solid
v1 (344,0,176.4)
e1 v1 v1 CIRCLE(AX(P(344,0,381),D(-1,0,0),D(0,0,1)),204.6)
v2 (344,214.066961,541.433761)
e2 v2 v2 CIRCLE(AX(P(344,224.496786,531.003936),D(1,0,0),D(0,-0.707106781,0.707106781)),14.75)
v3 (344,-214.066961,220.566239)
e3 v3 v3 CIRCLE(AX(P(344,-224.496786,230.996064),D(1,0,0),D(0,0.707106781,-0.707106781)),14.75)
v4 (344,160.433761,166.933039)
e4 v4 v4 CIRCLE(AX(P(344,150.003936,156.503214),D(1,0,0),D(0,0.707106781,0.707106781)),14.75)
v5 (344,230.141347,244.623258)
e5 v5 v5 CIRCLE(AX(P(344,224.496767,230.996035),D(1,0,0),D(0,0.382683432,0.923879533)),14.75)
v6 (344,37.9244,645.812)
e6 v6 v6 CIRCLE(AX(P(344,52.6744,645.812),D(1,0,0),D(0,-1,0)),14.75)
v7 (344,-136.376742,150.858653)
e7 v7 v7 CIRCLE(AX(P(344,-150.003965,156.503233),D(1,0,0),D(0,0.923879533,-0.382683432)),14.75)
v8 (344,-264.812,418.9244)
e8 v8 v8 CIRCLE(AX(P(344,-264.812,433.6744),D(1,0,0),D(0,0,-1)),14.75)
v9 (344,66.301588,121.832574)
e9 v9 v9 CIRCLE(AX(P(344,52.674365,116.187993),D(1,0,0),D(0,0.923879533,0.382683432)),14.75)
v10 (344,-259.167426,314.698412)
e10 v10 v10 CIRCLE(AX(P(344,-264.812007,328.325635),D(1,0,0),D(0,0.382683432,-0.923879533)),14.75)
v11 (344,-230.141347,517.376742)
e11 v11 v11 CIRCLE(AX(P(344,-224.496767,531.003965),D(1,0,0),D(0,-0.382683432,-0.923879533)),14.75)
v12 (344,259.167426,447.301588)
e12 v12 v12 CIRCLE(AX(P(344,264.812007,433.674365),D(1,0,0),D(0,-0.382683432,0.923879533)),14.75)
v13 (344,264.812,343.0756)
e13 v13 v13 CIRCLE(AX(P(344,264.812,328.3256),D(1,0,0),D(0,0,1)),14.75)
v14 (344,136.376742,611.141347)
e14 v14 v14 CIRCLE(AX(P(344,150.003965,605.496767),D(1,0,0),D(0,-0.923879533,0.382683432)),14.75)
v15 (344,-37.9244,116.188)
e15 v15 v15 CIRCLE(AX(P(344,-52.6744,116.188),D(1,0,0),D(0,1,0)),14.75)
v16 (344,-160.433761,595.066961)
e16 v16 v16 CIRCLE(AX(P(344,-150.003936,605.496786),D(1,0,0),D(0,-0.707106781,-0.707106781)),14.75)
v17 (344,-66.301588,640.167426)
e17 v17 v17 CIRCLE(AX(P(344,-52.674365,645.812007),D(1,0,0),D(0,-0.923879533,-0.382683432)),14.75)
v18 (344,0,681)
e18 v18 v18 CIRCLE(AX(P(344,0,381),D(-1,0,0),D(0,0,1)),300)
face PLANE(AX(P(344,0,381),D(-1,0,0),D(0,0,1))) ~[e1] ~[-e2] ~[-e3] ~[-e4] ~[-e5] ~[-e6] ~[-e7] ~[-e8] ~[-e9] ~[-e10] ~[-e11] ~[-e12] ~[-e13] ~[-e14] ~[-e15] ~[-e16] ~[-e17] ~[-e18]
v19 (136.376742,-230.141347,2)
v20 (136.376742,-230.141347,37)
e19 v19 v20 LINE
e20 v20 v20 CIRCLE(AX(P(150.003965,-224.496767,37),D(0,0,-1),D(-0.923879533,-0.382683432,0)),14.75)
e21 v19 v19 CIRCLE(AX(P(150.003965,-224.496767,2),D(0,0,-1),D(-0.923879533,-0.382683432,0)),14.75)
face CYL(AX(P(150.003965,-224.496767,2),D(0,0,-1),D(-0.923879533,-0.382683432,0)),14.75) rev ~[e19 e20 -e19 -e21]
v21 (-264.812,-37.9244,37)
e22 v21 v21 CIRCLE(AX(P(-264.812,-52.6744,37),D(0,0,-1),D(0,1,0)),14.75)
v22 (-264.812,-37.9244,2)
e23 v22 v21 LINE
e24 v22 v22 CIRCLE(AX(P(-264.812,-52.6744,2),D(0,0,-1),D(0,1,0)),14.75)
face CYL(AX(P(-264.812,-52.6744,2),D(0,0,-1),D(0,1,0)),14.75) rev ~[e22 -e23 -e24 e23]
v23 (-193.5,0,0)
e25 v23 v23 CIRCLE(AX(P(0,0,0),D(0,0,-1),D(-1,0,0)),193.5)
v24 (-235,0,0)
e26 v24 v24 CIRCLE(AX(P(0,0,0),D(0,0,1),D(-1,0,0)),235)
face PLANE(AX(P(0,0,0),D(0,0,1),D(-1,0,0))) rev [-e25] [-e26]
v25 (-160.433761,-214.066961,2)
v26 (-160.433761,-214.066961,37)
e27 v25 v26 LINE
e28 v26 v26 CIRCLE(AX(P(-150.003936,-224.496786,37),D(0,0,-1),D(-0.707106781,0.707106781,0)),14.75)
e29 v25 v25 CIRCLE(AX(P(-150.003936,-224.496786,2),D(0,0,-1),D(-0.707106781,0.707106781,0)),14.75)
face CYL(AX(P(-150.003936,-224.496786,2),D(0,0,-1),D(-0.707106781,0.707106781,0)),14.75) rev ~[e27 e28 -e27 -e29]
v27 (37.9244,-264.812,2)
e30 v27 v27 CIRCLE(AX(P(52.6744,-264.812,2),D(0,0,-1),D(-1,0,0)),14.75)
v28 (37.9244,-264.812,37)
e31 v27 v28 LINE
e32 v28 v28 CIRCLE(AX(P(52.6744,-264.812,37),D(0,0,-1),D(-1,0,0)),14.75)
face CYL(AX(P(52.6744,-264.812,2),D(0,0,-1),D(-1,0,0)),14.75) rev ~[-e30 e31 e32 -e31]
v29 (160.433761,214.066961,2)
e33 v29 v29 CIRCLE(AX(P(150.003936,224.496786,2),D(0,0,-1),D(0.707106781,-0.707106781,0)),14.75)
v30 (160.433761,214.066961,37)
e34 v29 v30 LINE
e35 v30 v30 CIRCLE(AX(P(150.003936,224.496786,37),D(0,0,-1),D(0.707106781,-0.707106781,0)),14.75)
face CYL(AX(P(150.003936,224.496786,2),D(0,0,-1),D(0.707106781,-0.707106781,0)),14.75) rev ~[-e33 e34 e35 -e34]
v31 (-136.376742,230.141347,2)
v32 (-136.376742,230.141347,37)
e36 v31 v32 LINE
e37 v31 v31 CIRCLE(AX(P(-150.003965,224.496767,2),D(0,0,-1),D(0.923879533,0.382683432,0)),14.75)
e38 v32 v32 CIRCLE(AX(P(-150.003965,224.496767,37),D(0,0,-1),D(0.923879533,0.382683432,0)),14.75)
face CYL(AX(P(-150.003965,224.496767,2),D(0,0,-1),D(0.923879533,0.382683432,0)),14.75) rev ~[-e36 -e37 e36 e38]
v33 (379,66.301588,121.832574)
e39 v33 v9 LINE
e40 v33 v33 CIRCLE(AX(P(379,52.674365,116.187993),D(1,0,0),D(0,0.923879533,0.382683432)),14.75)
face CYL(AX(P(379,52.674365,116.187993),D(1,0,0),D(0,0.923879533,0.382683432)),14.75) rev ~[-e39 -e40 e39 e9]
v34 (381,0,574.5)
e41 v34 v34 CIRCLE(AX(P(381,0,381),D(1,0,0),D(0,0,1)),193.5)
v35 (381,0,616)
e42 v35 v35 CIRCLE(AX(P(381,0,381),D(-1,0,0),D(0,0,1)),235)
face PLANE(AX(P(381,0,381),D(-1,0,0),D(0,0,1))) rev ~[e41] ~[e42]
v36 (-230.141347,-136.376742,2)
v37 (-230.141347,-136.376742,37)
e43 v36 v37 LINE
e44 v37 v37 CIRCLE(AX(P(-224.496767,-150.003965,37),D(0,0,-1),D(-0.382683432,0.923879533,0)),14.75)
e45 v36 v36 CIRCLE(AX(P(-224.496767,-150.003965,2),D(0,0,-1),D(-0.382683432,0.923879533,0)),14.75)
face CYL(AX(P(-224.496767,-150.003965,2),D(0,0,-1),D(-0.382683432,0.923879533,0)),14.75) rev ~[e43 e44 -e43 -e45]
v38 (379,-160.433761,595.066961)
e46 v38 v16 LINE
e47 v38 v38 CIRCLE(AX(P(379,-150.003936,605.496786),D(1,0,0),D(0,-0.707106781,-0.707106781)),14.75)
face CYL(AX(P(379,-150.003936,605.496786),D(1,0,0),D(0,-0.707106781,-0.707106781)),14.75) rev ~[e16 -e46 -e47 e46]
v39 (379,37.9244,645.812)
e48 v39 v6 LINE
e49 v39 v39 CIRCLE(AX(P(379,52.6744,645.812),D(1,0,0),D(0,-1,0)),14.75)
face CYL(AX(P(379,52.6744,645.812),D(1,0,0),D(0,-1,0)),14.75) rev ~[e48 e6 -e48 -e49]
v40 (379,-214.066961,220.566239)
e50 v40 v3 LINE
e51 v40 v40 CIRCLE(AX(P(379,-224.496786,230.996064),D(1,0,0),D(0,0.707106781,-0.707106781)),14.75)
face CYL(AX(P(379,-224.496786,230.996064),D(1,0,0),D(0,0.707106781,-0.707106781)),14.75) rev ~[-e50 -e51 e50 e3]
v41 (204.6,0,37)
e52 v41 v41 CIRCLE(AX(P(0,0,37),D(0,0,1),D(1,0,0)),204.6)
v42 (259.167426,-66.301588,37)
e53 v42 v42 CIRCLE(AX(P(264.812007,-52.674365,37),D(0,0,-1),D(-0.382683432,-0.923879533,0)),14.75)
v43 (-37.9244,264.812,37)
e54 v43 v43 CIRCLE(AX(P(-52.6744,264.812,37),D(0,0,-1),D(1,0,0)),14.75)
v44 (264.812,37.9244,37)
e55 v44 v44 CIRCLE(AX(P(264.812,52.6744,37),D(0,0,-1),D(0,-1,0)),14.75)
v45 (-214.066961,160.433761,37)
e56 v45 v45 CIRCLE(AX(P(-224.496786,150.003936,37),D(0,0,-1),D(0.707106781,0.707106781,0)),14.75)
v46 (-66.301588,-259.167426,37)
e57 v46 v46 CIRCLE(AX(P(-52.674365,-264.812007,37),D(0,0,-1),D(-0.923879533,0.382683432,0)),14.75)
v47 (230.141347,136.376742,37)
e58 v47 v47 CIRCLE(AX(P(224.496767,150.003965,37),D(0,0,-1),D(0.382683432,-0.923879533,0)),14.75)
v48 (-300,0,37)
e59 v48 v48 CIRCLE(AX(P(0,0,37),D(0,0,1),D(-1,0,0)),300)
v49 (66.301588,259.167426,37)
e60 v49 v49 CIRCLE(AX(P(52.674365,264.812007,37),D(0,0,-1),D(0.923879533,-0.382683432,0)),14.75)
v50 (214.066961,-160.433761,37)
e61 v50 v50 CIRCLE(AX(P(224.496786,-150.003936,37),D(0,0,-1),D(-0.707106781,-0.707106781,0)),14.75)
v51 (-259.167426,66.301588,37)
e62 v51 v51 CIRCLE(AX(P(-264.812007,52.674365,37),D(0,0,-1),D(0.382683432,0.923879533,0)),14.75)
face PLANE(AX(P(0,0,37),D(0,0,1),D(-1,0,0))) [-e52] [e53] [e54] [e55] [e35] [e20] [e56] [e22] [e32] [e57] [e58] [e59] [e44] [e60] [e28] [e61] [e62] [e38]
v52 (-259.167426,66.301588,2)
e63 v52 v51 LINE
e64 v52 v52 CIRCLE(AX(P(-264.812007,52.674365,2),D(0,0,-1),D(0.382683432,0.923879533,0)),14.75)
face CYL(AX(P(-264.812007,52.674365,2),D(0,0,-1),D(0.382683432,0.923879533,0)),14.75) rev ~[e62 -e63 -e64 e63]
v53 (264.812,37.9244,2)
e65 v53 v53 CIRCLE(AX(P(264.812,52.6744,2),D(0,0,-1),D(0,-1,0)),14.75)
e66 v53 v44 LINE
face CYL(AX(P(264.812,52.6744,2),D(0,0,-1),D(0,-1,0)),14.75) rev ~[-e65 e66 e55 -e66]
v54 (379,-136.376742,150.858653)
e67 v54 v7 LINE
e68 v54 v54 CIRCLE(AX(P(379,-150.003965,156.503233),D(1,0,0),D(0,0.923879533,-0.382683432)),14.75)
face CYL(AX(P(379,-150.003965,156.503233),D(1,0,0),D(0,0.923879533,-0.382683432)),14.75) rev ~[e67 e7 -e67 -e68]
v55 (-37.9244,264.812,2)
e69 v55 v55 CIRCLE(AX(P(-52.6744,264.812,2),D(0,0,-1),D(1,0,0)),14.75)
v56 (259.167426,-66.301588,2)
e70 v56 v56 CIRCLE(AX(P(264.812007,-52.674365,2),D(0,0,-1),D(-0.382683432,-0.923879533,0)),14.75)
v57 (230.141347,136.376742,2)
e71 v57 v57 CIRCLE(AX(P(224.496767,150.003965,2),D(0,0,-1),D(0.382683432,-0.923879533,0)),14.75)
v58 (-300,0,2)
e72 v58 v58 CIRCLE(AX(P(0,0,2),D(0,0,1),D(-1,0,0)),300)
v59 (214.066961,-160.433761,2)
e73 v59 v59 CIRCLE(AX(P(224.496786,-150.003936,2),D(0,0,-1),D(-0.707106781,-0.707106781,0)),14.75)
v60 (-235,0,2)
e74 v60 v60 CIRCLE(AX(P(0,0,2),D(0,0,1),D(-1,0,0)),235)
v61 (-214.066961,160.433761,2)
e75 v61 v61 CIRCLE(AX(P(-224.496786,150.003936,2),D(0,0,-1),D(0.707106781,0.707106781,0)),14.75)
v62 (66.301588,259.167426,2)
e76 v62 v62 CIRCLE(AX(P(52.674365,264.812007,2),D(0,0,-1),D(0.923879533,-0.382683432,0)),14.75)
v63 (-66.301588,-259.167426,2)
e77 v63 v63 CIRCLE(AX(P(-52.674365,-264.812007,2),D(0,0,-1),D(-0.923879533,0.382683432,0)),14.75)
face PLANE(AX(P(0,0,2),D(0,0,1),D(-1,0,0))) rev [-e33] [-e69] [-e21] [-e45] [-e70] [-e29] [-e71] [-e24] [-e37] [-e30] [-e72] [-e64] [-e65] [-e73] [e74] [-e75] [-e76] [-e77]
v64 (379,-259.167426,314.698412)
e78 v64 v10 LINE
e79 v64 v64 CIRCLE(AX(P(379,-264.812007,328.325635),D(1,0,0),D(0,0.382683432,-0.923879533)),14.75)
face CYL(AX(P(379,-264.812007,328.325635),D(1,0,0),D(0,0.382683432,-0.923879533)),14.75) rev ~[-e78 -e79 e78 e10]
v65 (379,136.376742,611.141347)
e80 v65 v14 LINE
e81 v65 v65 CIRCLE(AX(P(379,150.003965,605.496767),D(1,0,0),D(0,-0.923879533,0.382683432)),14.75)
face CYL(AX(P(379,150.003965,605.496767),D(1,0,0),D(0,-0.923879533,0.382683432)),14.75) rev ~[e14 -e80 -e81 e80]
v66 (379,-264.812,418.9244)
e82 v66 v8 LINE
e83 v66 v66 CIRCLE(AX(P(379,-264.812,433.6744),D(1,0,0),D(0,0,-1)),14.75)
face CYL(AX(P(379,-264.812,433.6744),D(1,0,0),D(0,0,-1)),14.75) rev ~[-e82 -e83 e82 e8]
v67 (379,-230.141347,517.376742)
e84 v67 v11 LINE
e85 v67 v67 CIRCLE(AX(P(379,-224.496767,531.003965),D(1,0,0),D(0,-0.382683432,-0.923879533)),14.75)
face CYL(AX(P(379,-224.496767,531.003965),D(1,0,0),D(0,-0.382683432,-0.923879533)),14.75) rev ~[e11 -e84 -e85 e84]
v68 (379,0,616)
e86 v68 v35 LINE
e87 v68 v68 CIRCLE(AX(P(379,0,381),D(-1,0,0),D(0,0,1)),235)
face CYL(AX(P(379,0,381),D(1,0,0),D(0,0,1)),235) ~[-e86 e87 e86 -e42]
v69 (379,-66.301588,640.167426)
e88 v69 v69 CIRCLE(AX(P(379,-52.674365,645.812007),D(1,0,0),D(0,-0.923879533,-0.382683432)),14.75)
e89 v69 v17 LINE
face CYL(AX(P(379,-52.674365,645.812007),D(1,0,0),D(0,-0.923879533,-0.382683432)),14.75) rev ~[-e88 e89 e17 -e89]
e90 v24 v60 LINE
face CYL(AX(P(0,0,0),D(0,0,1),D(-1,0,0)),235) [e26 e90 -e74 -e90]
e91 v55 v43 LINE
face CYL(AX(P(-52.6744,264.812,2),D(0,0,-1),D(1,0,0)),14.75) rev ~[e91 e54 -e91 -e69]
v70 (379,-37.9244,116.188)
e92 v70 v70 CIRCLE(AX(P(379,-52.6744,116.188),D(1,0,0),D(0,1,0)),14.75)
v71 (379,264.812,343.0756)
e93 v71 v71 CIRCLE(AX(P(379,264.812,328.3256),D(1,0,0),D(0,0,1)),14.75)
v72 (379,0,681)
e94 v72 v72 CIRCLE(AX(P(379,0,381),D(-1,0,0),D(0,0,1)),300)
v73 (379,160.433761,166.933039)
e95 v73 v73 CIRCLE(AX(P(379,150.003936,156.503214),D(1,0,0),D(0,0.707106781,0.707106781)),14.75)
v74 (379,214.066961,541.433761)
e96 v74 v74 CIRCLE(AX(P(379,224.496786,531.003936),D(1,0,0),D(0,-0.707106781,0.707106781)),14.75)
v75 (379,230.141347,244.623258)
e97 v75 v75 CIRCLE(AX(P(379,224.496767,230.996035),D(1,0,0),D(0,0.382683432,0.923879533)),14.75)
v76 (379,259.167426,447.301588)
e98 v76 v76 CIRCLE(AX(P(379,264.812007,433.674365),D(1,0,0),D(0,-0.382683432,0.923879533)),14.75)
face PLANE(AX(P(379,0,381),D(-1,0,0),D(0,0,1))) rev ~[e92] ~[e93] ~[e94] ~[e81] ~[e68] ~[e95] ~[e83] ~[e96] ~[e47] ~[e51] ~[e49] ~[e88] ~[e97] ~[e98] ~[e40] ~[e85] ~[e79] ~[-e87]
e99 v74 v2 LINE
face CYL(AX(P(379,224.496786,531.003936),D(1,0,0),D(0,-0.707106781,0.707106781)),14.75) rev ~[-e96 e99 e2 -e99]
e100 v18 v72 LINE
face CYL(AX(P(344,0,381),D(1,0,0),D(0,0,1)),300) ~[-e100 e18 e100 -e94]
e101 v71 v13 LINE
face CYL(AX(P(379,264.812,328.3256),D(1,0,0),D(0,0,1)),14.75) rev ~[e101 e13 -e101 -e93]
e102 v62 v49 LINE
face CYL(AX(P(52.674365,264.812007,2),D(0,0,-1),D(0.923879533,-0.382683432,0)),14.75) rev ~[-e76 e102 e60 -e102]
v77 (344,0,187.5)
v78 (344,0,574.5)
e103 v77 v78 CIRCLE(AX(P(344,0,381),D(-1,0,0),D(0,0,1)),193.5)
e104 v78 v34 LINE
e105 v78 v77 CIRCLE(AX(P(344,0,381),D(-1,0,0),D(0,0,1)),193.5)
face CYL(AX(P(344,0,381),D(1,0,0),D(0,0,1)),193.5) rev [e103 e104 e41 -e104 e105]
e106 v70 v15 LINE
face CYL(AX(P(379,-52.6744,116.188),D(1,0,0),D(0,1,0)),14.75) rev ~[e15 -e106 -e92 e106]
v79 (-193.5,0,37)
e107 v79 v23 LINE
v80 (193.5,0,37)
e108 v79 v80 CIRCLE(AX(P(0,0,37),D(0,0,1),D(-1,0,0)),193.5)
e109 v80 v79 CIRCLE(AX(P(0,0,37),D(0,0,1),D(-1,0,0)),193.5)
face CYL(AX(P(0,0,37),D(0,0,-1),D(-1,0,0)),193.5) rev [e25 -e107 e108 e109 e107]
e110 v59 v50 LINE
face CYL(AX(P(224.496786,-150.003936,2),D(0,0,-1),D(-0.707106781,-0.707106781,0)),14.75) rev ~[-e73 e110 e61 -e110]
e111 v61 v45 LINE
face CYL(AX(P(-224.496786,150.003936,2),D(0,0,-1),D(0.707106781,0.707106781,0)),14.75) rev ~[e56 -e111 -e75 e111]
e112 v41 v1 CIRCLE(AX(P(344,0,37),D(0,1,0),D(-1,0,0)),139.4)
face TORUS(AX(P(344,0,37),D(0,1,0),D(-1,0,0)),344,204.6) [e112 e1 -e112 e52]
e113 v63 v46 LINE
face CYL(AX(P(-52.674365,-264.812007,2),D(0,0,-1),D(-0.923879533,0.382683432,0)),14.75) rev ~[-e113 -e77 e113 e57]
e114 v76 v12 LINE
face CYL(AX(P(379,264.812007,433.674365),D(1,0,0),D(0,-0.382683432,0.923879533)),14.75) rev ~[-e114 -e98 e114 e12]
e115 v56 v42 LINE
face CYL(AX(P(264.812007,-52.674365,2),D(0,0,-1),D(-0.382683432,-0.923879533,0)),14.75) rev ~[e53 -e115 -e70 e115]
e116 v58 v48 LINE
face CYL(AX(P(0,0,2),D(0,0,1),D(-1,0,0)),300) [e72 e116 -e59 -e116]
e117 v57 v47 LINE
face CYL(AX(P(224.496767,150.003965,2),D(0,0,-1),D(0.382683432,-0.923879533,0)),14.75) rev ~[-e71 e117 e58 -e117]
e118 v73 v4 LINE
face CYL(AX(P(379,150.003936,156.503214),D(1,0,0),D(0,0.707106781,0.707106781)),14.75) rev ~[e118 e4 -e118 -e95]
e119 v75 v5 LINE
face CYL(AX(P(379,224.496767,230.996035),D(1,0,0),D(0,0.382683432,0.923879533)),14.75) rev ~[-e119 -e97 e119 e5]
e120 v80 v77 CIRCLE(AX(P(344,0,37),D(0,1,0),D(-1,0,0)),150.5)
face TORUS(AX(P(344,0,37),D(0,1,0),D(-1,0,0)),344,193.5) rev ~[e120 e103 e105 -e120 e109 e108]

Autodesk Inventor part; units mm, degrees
ref_plane "YZ Plane" through (0, 0, 0) normal (1, 0, 0) x (0, 1, 0)
ref_plane "XZ Plane" through (0, 0, 0) normal (0, 1, 0) x (-1, 0, 0)
ref_plane "XY Plane" through (0, 0, 0) normal (0, 0, 1) x (1, 0, 0)
sketch "Sketch1" plane through (0, 0, 0) normal (0, 1, 0) x (-1, 0, 0)
  line L0 (193.5, 0) -> (235, 0)
  line L1 (235, 0) -> (235, 2)
  line L2 (235, 2) -> (300, 2)
  line L3 (300, 2) -> (300, 37)
  line L4 (300, 37) -> (193.5, 37)
  line L5 (193.5, 37) -> (193.5, 0)
  line L6 (0, 0) -> (0, 37)
  line L7 (0, 37) -> (193.5, 37) construction
  line L8 (0, 0) -> (193.5, 0) construction
  line L9 (-381, 381) -> (-344, 381) construction
  line L10 (-344, 381) -> (-344, 574.5) construction
  line L11 (-344, 574.5) -> (-381, 574.5)
  line L12 (-381, 574.5) -> (-381, 381) construction
  line L13 (-344, 574.5) -> (-344, 681)
  line L14 (-344, 681) -> (-379, 681)
  line L15 (-379, 681) -> (-379, 616)
  line L16 (-379, 616) -> (-381, 616)
  line L17 (-381, 616) -> (-381, 574.5)
  dimension "d0" = 387
  dimension "d1" = 600
  dimension "d2" = 470
  dimension "d3" = 2
  dimension "d4" = 37
  dimension "d6" = 2
  dimension "d7" = 37
  dimension "d8" = 387
  dimension "d9" = 470
  dimension "d10" = 600
  dimension "d11" = 381
  dimension "d12" = 381
revolve "Revolution1" add sketch "Sketch1" angle 360 about axis through (0, 0, 0) along (0, 0, 1) contours L5 L4 L3 L2 L1 L0
revolve "Revolution2" add sketch "Sketch1" angle 360 about axis through (381, 0, 381) along (-1, 0, 0) contours L11 L17 L16 L15 L14 L13
sketch "Sketch2" plane through (0, 0, 0) normal (0, 1, 0) x (-1, 0, 0)
  line L0 (-344, 574.5) -> (-344, 681) projected
  line L1 (300, 37) -> (193.5, 37) projected
  line L2 (0, 0) -> (0, 37) projected
  line L3 (-381, 381) -> (-344, 381) projected
  arc A0 (0, 37) -> (-344, 381) centre (-344, 37) ccw
sketch "Sketch3" plane through (0, 0, 37) normal (0, 0, 1) x (1, 0, 0)
  circle A0 centre (0, 0) radius 193.5 projected
  circle A1 centre (0, 0) radius 193.5
  circle A2 centre (0, 0) radius 204.6
  dimension "d14" = 409.2
sweep "Sweep1" add profiles "Sketch3" path "Sketch2" path curves L2 A0 L3
sketch "Sketch6" plane through (0, 0, 2) normal (0, 0, -1) x (-1, 0, 0)
  circle A0 centre (0, 0) radius 300 projected
  circle A1 centre (-52.6744, -264.812) radius 14.75
  circle A2 centre (0, 0) radius 270 construction
  line L0 (-52.6744, -264.812) -> (0, 0) construction
  line L1 (0, 0) -> (0, -270) construction
  dimension "d20" = 11.25
  dimension "d21" = 29.5
  dimension "d22" = 540
extrude "Extrusion1" cut sketch "Sketch6" against normal up to surface (35 mm away) contours A1
pattern_circular "Circular Pattern1" count 16 over 360 about axis through (0, 0, 19.5) along (0, 0, -1) of "Extrusion1"
sketch "Sketch7" plane through (379, 0, 381) normal (1, 0, 0) x (0, 0, -1)
  circle A0 centre (0, 0) radius 235 projected
  circle A1 centre (-52.6744, -264.812) radius 14.75
  circle A2 centre (0, 0) radius 270 construction
  line L0 (-52.6744, -264.812) -> (0, 0) construction
  line L1 (0, 0) -> (0, -270) construction
  dimension "d25" = 11.25
  dimension "d26" = 29.5
  dimension "d27" = 540
extrude "Extrusion2" cut sketch "Sketch7" against normal up to surface (35 mm away) contours A1
pattern_circular "Circular Pattern2" count 16 over 360 about axis through (361.5, 0, 381) along (-1, 0, 0) of "Extrusion2"
equation "\"d0\" = d"
equation "\"d1\" = D1"
equation "\"d2\" = D2"
equation "\"d4\" = C1"
equation "\"d7\" = C1"
equation "\"d8\" = d"
equation "\"d9\" = D2"
equation "\"d10\" = D1"
equation "\"d11\" = AA"
equation "\"d12\" = AA"
equation "\"d14\" = d + 2 * t"
equation "\"d21\" = L"
equation "\"d22\" = K1"
equation "\"d26\" = L"
equation "\"d27\" = K1"
equation "\"D1\" = 600"
equation "\"C1\" = 37"
equation "\"t\" = 11.1"
equation "\"d\" = 387"
equation "\"AA\" = 381"
equation "\"D2\" = 470"
equation "\"K1\" = 540"
equation "\"L\" = 29.5"
properties part number "F90E(S)400-PN20 RF GB/T 17185-1997" material "Steel"
